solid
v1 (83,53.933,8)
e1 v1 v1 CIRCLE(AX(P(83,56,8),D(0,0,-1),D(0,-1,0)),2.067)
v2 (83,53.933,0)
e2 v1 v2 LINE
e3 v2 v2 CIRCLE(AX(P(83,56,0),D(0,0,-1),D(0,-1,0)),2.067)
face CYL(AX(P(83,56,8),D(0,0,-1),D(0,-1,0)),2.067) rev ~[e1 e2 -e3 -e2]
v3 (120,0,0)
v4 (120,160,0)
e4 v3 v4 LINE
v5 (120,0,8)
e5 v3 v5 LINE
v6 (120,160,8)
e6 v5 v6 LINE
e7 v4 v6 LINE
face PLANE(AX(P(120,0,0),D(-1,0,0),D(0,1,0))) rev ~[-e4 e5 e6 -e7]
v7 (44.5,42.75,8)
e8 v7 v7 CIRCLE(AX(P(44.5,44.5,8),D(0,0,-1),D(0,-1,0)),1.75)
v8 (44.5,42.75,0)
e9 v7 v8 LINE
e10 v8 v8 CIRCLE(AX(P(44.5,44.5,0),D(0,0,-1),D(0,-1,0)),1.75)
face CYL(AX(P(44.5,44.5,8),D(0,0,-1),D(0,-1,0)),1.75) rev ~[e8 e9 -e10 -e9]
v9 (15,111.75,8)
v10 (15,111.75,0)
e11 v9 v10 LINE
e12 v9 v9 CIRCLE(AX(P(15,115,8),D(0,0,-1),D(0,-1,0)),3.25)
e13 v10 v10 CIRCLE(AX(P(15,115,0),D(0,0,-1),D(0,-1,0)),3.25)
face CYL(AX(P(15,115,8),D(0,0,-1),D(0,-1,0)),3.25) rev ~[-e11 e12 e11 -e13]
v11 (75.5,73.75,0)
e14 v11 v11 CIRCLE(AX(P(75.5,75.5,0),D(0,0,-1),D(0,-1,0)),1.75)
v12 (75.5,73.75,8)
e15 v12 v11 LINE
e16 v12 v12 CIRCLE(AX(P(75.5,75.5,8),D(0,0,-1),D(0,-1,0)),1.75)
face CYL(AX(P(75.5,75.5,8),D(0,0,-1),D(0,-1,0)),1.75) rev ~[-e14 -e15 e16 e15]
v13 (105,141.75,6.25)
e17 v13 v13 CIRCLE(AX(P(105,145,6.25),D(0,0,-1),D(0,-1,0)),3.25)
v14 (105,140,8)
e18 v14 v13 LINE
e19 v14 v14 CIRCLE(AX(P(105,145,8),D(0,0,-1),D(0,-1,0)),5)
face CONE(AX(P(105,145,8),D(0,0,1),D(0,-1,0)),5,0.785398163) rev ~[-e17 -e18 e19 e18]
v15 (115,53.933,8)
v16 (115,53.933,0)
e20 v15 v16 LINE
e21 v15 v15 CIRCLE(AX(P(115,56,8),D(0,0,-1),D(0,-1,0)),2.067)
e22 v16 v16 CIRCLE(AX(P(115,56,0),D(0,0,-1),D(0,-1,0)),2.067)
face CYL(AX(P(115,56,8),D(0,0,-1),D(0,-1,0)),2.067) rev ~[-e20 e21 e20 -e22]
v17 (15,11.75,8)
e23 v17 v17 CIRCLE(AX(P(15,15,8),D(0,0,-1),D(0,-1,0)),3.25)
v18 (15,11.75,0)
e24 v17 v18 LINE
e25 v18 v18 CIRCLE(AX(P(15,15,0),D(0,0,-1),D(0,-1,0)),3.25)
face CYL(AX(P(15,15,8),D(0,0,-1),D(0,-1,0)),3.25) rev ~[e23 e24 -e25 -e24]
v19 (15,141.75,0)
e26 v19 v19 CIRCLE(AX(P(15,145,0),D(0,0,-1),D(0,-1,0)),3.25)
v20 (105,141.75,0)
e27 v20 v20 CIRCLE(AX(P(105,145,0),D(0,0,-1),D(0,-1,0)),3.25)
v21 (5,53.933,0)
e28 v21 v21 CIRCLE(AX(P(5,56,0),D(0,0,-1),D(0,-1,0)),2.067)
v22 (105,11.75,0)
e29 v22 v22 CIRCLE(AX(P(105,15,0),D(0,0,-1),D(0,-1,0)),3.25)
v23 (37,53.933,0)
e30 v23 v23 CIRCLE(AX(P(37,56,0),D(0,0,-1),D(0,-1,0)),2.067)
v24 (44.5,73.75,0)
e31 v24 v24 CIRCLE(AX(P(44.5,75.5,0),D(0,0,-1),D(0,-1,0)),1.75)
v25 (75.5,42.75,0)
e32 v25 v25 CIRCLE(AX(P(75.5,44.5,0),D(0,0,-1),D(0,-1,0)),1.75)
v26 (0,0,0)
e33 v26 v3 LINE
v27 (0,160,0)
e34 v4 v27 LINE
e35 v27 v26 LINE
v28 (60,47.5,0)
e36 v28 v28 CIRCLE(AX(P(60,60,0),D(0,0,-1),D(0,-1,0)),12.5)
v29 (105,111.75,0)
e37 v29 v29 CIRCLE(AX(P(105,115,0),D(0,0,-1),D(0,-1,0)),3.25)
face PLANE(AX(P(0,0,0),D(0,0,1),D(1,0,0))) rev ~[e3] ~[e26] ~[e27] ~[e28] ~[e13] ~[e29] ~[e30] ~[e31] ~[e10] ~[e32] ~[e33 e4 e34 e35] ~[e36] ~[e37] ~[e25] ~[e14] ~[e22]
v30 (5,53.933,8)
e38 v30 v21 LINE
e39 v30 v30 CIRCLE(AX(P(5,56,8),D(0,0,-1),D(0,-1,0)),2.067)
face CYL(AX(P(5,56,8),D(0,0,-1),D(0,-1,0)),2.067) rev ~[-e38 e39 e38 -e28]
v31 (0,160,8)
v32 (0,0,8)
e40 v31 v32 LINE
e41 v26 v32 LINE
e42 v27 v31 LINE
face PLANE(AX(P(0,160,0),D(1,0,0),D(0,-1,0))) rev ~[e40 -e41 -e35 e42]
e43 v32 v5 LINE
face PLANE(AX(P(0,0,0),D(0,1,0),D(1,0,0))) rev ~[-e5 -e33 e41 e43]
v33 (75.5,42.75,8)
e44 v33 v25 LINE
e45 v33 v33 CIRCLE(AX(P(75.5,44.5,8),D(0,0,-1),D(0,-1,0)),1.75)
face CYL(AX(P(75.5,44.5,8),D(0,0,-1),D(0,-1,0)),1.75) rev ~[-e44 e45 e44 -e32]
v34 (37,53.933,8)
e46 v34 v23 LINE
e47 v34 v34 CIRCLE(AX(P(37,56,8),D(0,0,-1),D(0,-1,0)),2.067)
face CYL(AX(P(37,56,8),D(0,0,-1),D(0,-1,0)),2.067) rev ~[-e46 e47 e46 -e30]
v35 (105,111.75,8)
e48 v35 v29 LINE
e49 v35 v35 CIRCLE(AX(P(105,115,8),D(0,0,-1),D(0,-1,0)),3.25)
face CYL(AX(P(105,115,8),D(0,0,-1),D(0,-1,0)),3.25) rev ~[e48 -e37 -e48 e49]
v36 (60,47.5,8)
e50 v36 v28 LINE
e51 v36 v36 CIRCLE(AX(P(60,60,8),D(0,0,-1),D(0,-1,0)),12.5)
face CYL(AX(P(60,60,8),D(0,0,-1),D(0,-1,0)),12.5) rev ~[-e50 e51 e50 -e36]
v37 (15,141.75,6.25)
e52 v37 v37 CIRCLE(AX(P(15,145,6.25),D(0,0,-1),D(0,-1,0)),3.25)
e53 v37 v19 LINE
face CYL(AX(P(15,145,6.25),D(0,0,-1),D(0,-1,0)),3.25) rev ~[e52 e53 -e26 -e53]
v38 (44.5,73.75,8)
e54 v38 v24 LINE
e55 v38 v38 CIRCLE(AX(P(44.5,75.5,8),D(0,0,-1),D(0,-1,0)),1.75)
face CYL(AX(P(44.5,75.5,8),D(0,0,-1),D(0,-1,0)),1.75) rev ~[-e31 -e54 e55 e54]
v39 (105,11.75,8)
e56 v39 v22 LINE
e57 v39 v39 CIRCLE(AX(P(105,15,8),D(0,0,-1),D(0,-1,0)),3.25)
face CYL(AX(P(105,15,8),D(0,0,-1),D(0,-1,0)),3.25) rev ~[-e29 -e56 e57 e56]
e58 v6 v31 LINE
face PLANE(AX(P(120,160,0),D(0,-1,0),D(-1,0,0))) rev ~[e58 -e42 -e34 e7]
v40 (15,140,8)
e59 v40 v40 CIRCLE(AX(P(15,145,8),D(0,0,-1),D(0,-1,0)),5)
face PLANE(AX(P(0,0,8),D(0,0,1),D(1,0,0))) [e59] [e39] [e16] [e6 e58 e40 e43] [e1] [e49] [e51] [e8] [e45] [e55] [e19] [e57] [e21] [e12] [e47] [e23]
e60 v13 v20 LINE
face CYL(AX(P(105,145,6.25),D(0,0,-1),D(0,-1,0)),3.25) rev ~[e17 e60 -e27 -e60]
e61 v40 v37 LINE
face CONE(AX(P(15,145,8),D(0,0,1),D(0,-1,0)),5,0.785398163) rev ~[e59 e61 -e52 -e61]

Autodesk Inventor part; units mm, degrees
ref_plane "YZ Plane" through (0, 0, 0) normal (1, 0, 0) x (0, 1, 0)
ref_plane "XZ Plane" through (0, 0, 0) normal (0, 1, 0) x (-1, 0, 0)
ref_plane "XY Plane" through (0, 0, 0) normal (0, 0, 1) x (1, 0, 0)
sketch "Sketch1" plane through (0, 0, 0) normal (0, 0, 1) x (1, 0, 0)
  line L0 (0, 0) -> (120, 0)
  line L1 (120, 0) -> (120, 160)
  line L2 (120, 160) -> (0, 160)
  line L3 (0, 160) -> (0, 0)
  dimension "width" = 120
  dimension "d1" = 160
extrude "Extrusion1" add sketch "Sketch1" along normal blind 8
hole "Hole1" at (15, 15, 8) direction (0, 0, -1) diameter 6.5 end through all
pattern_linear "Rectangular Pattern1" count 2 spacing 90 along (1, 0, 0) count 2 spacing 100 along (0, 1, 0) of "Hole1"
hole "Hole2" at (15, 145, 8) direction (0, 0, -1) diameter 6.5 end through all countersink diameter 10 countersink angle 90
pattern_linear "Rectangular Pattern2" count 2 spacing 90 along (1, 0, 0) of "Hole2"
hole "Hole3" at (60, 60, 8) direction (0, 0, -1) diameter 25 end through all
hole "Hole4" at (44.5, 75.5, 8) direction (0, 0, -1) diameter 3.5 end through all
pattern_linear "Rectangular Pattern3" count 2 spacing 31 along (0, -1, 0) count 2 spacing 31 along (1, 0, 0) of "Hole4"
hole "Hole5" at (5, 56, 8) direction (0, 0, -1) diameter 4.134 end through all thread size "M5x0.8" class "6H" standard "ANSI Metric M Profile"
hole "Hole6" at (115, 56, 8) direction (0, 0, -1) diameter 4.134 end through all thread size "M5x0.8" class "6H" standard "ANSI Metric M Profile"
pattern_linear "Rectangular Pattern4" count 2 spacing 32 along (1, 0, 0) of "Hole5"
pattern_linear "Rectangular Pattern5" count 2 spacing 32 along (-1, 0, 0) of "Hole6"
properties part number "motor plate support"
